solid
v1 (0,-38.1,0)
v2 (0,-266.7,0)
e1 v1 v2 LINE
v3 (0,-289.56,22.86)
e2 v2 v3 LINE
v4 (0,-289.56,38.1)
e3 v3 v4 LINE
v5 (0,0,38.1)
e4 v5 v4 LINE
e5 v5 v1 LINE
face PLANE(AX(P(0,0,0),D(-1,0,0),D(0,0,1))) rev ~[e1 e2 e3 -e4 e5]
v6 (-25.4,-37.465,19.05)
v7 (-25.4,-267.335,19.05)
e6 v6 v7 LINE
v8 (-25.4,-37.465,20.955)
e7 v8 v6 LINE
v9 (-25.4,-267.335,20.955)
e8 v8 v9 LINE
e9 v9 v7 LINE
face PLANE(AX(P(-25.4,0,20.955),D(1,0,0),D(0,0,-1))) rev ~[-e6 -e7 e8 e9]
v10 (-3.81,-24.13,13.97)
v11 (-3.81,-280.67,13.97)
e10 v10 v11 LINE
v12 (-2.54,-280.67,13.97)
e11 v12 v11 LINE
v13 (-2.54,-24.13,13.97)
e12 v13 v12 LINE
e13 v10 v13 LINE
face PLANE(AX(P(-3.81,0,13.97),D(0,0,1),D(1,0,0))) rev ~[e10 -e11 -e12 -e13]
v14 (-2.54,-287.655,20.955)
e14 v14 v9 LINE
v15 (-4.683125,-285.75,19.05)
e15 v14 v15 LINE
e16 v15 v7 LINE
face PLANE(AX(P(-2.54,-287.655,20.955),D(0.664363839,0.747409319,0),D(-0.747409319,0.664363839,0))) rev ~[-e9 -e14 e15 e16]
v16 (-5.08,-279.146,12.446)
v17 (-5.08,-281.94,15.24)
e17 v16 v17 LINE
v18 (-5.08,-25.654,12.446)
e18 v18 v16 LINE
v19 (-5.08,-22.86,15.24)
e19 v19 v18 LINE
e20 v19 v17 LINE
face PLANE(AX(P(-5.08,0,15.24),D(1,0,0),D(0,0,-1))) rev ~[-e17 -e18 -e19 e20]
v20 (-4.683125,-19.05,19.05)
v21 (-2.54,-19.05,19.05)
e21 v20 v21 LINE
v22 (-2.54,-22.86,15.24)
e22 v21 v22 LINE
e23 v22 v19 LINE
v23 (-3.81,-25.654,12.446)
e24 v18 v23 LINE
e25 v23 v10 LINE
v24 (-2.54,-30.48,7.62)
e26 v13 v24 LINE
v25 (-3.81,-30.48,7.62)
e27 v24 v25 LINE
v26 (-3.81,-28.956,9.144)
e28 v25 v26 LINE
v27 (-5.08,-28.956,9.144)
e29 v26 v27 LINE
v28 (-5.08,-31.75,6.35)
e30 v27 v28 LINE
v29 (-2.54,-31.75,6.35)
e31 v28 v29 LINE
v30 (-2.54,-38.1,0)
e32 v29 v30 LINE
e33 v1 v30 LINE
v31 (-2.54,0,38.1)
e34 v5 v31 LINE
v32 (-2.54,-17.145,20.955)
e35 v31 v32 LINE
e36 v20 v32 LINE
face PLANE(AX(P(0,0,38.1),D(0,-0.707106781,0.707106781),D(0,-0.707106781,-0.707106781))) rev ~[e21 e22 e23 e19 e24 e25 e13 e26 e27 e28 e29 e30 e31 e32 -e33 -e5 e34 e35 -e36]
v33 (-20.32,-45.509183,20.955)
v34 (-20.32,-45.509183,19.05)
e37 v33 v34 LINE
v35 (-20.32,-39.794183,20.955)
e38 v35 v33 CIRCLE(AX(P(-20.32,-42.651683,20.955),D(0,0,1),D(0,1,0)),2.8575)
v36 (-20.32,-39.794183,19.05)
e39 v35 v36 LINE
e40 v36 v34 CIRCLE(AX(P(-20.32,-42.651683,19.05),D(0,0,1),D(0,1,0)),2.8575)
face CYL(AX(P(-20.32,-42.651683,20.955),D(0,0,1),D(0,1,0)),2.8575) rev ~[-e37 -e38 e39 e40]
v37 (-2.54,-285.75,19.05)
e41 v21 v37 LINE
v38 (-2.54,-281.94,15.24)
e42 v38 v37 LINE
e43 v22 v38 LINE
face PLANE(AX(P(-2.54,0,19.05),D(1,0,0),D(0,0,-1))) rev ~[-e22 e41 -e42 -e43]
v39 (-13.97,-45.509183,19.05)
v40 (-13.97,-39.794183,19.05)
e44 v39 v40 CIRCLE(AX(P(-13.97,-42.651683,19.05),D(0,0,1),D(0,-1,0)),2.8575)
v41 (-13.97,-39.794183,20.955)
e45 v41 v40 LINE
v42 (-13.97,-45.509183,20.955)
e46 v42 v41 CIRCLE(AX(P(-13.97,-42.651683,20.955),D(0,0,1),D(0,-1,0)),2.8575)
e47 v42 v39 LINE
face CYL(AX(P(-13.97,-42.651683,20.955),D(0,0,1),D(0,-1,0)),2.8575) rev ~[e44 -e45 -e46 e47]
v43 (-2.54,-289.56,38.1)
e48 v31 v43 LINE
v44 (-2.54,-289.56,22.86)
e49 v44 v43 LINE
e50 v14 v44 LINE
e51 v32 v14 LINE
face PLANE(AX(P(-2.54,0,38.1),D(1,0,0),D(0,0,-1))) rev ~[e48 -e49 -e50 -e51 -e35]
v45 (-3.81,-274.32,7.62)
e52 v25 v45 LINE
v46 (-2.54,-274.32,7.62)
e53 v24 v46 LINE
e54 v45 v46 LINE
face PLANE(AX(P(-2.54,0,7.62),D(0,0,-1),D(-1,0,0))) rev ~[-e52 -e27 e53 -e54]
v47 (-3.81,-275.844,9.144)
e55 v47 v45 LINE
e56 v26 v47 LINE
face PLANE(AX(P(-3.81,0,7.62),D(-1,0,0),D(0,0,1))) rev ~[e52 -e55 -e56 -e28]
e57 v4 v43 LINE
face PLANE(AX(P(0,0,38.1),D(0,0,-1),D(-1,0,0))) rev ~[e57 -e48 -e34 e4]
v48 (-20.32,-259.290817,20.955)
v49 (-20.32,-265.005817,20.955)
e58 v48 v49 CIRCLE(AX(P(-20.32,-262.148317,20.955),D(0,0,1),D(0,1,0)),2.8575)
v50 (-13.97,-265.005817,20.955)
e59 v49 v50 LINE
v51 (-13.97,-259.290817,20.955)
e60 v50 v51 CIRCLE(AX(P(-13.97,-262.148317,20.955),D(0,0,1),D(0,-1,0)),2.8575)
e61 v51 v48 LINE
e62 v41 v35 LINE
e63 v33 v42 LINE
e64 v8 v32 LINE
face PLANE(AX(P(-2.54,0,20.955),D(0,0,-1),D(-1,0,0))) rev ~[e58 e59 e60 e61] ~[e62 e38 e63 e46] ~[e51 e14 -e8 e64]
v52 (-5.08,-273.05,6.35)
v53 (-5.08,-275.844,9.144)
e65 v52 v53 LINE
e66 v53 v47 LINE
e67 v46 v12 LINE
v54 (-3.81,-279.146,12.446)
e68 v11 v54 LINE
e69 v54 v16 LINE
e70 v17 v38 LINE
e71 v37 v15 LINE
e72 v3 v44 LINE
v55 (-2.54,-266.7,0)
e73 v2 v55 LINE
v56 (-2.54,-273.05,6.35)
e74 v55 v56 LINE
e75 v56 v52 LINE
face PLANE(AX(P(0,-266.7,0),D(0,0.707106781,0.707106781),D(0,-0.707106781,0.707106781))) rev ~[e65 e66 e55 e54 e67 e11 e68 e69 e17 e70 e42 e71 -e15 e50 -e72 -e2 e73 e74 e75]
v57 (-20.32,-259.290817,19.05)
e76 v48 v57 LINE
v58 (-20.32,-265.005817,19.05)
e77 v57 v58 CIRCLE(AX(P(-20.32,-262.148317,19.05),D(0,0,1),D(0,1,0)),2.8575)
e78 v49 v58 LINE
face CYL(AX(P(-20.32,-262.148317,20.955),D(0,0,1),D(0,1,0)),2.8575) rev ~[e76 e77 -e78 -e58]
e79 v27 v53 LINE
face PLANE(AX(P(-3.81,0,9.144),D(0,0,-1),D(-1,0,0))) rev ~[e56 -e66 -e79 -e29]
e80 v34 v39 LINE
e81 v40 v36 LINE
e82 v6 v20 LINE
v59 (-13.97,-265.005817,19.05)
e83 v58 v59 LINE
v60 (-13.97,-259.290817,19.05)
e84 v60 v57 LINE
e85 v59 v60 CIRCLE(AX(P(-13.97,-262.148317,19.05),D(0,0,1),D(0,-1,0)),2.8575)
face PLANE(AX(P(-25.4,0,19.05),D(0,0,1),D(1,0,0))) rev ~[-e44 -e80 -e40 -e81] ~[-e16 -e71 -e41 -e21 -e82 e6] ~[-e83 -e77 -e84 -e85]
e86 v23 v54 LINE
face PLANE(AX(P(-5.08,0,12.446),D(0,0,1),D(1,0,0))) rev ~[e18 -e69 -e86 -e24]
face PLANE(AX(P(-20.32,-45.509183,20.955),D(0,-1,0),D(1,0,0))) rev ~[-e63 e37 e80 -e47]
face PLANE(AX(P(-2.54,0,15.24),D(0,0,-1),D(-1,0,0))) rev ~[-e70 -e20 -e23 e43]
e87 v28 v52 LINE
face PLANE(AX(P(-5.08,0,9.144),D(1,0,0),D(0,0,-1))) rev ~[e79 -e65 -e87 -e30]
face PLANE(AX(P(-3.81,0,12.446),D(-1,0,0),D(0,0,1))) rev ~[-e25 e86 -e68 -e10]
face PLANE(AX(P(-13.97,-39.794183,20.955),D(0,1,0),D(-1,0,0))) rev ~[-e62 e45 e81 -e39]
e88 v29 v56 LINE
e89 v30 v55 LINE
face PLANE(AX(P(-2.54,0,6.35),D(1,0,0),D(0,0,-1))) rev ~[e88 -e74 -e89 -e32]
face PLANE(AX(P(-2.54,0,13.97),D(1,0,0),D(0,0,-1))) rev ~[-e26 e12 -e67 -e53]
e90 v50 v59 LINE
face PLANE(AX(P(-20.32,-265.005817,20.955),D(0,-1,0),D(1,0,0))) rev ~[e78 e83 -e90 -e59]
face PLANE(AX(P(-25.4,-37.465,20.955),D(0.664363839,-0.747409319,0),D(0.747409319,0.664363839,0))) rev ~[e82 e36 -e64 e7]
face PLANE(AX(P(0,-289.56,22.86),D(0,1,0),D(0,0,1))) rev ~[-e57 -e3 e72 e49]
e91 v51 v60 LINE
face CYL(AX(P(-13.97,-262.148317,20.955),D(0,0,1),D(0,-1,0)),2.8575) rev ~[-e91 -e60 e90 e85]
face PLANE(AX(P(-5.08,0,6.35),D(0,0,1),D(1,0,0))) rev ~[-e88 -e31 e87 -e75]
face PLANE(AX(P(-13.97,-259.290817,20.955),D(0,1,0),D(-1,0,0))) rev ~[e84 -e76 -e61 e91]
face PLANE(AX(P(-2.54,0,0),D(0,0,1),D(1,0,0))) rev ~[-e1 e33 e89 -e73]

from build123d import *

# Parameters (mm, degrees)
F1_DEPTH = 304.8
F3_DEPTH = 25.4
F5_DEPTH = 25.4
F7_DEPTH = 25.4
F9_DEPTH = 25.4


with BuildPart() as f1:
    # F0 (on Front) → F1 (new body)
    with BuildSketch(Plane.XZ):
        Polygon((-2.54, 0), (0, 0), (0, 38.1), (-2.54, 38.1), (-2.54, 20.955), (-25.4, 20.955), (-25.4, 19.05), (-2.54, 19.05), (-2.54, 15.24), (-5.08, 15.24), (-5.08, 12.446), (-3.81, 12.446), (-3.81, 13.97), (-2.54, 13.97), (-2.54, 7.62), (-3.81, 7.62), (-3.81, 9.144), (-5.08, 9.144), (-5.08, 6.35), (-2.54, 6.35), align=None)
    extrude(amount=F1_DEPTH)

    # F2 (on face) → F3 (cut)
    with BuildSketch(Plane.YZ):
        Polygon((-266.7, 0), (-304.8, 38.1), (-304.8, 0), align=None)
        Polygon((0, 0), (0, 38.1), (-38.1, 0), align=None)
    extrude(amount=-F3_DEPTH, mode=Mode.SUBTRACT)

    # F4 (on face) → F5 (cut)
    with BuildSketch(Plane.XY.offset(20.955)):
        Polygon((-25.4, -37.465), (-2.54, -17.145), (-25.4, -17.145), align=None)
        Polygon((-25.4, -287.655), (-2.54, -287.655), (-25.4, -267.335), align=None)
    extrude(amount=-F5_DEPTH, mode=Mode.SUBTRACT)

    # F6 (on face) → F7 (cut)
    with BuildSketch(Plane.XY.offset(20.955)):
        with BuildLine():
            Line((-13.97, -39.794183), (-20.32, -39.794183))
            ThreePointArc((-20.32, -39.794183), (-23.1775, -42.651683), (-20.32, -45.509183))
            Line((-20.32, -45.509183), (-13.97, -45.509183))
            ThreePointArc((-13.97, -45.509183), (-11.1125, -42.651683), (-13.97, -39.794183))
        make_face()
        with BuildLine():
            Line((-20.32, -265.005817), (-13.97, -265.005817))
            ThreePointArc((-13.97, -265.005817), (-11.1125, -262.148317), (-13.97, -259.290817))
            Line((-13.97, -259.290817), (-20.32, -259.290817))
            ThreePointArc((-20.32, -259.290817), (-23.1775, -262.148317), (-20.32, -265.005817))
        make_face()
    extrude(amount=-F7_DEPTH, mode=Mode.SUBTRACT)

    # F8 (on face) → F9 (cut)
    with BuildSketch(Plane.YZ):
        Polygon((-289.56, 22.86), (-289.56, 38.1), (-304.8, 38.1), align=None)
    extrude(amount=-F9_DEPTH, mode=Mode.SUBTRACT)


solid = f1.part
